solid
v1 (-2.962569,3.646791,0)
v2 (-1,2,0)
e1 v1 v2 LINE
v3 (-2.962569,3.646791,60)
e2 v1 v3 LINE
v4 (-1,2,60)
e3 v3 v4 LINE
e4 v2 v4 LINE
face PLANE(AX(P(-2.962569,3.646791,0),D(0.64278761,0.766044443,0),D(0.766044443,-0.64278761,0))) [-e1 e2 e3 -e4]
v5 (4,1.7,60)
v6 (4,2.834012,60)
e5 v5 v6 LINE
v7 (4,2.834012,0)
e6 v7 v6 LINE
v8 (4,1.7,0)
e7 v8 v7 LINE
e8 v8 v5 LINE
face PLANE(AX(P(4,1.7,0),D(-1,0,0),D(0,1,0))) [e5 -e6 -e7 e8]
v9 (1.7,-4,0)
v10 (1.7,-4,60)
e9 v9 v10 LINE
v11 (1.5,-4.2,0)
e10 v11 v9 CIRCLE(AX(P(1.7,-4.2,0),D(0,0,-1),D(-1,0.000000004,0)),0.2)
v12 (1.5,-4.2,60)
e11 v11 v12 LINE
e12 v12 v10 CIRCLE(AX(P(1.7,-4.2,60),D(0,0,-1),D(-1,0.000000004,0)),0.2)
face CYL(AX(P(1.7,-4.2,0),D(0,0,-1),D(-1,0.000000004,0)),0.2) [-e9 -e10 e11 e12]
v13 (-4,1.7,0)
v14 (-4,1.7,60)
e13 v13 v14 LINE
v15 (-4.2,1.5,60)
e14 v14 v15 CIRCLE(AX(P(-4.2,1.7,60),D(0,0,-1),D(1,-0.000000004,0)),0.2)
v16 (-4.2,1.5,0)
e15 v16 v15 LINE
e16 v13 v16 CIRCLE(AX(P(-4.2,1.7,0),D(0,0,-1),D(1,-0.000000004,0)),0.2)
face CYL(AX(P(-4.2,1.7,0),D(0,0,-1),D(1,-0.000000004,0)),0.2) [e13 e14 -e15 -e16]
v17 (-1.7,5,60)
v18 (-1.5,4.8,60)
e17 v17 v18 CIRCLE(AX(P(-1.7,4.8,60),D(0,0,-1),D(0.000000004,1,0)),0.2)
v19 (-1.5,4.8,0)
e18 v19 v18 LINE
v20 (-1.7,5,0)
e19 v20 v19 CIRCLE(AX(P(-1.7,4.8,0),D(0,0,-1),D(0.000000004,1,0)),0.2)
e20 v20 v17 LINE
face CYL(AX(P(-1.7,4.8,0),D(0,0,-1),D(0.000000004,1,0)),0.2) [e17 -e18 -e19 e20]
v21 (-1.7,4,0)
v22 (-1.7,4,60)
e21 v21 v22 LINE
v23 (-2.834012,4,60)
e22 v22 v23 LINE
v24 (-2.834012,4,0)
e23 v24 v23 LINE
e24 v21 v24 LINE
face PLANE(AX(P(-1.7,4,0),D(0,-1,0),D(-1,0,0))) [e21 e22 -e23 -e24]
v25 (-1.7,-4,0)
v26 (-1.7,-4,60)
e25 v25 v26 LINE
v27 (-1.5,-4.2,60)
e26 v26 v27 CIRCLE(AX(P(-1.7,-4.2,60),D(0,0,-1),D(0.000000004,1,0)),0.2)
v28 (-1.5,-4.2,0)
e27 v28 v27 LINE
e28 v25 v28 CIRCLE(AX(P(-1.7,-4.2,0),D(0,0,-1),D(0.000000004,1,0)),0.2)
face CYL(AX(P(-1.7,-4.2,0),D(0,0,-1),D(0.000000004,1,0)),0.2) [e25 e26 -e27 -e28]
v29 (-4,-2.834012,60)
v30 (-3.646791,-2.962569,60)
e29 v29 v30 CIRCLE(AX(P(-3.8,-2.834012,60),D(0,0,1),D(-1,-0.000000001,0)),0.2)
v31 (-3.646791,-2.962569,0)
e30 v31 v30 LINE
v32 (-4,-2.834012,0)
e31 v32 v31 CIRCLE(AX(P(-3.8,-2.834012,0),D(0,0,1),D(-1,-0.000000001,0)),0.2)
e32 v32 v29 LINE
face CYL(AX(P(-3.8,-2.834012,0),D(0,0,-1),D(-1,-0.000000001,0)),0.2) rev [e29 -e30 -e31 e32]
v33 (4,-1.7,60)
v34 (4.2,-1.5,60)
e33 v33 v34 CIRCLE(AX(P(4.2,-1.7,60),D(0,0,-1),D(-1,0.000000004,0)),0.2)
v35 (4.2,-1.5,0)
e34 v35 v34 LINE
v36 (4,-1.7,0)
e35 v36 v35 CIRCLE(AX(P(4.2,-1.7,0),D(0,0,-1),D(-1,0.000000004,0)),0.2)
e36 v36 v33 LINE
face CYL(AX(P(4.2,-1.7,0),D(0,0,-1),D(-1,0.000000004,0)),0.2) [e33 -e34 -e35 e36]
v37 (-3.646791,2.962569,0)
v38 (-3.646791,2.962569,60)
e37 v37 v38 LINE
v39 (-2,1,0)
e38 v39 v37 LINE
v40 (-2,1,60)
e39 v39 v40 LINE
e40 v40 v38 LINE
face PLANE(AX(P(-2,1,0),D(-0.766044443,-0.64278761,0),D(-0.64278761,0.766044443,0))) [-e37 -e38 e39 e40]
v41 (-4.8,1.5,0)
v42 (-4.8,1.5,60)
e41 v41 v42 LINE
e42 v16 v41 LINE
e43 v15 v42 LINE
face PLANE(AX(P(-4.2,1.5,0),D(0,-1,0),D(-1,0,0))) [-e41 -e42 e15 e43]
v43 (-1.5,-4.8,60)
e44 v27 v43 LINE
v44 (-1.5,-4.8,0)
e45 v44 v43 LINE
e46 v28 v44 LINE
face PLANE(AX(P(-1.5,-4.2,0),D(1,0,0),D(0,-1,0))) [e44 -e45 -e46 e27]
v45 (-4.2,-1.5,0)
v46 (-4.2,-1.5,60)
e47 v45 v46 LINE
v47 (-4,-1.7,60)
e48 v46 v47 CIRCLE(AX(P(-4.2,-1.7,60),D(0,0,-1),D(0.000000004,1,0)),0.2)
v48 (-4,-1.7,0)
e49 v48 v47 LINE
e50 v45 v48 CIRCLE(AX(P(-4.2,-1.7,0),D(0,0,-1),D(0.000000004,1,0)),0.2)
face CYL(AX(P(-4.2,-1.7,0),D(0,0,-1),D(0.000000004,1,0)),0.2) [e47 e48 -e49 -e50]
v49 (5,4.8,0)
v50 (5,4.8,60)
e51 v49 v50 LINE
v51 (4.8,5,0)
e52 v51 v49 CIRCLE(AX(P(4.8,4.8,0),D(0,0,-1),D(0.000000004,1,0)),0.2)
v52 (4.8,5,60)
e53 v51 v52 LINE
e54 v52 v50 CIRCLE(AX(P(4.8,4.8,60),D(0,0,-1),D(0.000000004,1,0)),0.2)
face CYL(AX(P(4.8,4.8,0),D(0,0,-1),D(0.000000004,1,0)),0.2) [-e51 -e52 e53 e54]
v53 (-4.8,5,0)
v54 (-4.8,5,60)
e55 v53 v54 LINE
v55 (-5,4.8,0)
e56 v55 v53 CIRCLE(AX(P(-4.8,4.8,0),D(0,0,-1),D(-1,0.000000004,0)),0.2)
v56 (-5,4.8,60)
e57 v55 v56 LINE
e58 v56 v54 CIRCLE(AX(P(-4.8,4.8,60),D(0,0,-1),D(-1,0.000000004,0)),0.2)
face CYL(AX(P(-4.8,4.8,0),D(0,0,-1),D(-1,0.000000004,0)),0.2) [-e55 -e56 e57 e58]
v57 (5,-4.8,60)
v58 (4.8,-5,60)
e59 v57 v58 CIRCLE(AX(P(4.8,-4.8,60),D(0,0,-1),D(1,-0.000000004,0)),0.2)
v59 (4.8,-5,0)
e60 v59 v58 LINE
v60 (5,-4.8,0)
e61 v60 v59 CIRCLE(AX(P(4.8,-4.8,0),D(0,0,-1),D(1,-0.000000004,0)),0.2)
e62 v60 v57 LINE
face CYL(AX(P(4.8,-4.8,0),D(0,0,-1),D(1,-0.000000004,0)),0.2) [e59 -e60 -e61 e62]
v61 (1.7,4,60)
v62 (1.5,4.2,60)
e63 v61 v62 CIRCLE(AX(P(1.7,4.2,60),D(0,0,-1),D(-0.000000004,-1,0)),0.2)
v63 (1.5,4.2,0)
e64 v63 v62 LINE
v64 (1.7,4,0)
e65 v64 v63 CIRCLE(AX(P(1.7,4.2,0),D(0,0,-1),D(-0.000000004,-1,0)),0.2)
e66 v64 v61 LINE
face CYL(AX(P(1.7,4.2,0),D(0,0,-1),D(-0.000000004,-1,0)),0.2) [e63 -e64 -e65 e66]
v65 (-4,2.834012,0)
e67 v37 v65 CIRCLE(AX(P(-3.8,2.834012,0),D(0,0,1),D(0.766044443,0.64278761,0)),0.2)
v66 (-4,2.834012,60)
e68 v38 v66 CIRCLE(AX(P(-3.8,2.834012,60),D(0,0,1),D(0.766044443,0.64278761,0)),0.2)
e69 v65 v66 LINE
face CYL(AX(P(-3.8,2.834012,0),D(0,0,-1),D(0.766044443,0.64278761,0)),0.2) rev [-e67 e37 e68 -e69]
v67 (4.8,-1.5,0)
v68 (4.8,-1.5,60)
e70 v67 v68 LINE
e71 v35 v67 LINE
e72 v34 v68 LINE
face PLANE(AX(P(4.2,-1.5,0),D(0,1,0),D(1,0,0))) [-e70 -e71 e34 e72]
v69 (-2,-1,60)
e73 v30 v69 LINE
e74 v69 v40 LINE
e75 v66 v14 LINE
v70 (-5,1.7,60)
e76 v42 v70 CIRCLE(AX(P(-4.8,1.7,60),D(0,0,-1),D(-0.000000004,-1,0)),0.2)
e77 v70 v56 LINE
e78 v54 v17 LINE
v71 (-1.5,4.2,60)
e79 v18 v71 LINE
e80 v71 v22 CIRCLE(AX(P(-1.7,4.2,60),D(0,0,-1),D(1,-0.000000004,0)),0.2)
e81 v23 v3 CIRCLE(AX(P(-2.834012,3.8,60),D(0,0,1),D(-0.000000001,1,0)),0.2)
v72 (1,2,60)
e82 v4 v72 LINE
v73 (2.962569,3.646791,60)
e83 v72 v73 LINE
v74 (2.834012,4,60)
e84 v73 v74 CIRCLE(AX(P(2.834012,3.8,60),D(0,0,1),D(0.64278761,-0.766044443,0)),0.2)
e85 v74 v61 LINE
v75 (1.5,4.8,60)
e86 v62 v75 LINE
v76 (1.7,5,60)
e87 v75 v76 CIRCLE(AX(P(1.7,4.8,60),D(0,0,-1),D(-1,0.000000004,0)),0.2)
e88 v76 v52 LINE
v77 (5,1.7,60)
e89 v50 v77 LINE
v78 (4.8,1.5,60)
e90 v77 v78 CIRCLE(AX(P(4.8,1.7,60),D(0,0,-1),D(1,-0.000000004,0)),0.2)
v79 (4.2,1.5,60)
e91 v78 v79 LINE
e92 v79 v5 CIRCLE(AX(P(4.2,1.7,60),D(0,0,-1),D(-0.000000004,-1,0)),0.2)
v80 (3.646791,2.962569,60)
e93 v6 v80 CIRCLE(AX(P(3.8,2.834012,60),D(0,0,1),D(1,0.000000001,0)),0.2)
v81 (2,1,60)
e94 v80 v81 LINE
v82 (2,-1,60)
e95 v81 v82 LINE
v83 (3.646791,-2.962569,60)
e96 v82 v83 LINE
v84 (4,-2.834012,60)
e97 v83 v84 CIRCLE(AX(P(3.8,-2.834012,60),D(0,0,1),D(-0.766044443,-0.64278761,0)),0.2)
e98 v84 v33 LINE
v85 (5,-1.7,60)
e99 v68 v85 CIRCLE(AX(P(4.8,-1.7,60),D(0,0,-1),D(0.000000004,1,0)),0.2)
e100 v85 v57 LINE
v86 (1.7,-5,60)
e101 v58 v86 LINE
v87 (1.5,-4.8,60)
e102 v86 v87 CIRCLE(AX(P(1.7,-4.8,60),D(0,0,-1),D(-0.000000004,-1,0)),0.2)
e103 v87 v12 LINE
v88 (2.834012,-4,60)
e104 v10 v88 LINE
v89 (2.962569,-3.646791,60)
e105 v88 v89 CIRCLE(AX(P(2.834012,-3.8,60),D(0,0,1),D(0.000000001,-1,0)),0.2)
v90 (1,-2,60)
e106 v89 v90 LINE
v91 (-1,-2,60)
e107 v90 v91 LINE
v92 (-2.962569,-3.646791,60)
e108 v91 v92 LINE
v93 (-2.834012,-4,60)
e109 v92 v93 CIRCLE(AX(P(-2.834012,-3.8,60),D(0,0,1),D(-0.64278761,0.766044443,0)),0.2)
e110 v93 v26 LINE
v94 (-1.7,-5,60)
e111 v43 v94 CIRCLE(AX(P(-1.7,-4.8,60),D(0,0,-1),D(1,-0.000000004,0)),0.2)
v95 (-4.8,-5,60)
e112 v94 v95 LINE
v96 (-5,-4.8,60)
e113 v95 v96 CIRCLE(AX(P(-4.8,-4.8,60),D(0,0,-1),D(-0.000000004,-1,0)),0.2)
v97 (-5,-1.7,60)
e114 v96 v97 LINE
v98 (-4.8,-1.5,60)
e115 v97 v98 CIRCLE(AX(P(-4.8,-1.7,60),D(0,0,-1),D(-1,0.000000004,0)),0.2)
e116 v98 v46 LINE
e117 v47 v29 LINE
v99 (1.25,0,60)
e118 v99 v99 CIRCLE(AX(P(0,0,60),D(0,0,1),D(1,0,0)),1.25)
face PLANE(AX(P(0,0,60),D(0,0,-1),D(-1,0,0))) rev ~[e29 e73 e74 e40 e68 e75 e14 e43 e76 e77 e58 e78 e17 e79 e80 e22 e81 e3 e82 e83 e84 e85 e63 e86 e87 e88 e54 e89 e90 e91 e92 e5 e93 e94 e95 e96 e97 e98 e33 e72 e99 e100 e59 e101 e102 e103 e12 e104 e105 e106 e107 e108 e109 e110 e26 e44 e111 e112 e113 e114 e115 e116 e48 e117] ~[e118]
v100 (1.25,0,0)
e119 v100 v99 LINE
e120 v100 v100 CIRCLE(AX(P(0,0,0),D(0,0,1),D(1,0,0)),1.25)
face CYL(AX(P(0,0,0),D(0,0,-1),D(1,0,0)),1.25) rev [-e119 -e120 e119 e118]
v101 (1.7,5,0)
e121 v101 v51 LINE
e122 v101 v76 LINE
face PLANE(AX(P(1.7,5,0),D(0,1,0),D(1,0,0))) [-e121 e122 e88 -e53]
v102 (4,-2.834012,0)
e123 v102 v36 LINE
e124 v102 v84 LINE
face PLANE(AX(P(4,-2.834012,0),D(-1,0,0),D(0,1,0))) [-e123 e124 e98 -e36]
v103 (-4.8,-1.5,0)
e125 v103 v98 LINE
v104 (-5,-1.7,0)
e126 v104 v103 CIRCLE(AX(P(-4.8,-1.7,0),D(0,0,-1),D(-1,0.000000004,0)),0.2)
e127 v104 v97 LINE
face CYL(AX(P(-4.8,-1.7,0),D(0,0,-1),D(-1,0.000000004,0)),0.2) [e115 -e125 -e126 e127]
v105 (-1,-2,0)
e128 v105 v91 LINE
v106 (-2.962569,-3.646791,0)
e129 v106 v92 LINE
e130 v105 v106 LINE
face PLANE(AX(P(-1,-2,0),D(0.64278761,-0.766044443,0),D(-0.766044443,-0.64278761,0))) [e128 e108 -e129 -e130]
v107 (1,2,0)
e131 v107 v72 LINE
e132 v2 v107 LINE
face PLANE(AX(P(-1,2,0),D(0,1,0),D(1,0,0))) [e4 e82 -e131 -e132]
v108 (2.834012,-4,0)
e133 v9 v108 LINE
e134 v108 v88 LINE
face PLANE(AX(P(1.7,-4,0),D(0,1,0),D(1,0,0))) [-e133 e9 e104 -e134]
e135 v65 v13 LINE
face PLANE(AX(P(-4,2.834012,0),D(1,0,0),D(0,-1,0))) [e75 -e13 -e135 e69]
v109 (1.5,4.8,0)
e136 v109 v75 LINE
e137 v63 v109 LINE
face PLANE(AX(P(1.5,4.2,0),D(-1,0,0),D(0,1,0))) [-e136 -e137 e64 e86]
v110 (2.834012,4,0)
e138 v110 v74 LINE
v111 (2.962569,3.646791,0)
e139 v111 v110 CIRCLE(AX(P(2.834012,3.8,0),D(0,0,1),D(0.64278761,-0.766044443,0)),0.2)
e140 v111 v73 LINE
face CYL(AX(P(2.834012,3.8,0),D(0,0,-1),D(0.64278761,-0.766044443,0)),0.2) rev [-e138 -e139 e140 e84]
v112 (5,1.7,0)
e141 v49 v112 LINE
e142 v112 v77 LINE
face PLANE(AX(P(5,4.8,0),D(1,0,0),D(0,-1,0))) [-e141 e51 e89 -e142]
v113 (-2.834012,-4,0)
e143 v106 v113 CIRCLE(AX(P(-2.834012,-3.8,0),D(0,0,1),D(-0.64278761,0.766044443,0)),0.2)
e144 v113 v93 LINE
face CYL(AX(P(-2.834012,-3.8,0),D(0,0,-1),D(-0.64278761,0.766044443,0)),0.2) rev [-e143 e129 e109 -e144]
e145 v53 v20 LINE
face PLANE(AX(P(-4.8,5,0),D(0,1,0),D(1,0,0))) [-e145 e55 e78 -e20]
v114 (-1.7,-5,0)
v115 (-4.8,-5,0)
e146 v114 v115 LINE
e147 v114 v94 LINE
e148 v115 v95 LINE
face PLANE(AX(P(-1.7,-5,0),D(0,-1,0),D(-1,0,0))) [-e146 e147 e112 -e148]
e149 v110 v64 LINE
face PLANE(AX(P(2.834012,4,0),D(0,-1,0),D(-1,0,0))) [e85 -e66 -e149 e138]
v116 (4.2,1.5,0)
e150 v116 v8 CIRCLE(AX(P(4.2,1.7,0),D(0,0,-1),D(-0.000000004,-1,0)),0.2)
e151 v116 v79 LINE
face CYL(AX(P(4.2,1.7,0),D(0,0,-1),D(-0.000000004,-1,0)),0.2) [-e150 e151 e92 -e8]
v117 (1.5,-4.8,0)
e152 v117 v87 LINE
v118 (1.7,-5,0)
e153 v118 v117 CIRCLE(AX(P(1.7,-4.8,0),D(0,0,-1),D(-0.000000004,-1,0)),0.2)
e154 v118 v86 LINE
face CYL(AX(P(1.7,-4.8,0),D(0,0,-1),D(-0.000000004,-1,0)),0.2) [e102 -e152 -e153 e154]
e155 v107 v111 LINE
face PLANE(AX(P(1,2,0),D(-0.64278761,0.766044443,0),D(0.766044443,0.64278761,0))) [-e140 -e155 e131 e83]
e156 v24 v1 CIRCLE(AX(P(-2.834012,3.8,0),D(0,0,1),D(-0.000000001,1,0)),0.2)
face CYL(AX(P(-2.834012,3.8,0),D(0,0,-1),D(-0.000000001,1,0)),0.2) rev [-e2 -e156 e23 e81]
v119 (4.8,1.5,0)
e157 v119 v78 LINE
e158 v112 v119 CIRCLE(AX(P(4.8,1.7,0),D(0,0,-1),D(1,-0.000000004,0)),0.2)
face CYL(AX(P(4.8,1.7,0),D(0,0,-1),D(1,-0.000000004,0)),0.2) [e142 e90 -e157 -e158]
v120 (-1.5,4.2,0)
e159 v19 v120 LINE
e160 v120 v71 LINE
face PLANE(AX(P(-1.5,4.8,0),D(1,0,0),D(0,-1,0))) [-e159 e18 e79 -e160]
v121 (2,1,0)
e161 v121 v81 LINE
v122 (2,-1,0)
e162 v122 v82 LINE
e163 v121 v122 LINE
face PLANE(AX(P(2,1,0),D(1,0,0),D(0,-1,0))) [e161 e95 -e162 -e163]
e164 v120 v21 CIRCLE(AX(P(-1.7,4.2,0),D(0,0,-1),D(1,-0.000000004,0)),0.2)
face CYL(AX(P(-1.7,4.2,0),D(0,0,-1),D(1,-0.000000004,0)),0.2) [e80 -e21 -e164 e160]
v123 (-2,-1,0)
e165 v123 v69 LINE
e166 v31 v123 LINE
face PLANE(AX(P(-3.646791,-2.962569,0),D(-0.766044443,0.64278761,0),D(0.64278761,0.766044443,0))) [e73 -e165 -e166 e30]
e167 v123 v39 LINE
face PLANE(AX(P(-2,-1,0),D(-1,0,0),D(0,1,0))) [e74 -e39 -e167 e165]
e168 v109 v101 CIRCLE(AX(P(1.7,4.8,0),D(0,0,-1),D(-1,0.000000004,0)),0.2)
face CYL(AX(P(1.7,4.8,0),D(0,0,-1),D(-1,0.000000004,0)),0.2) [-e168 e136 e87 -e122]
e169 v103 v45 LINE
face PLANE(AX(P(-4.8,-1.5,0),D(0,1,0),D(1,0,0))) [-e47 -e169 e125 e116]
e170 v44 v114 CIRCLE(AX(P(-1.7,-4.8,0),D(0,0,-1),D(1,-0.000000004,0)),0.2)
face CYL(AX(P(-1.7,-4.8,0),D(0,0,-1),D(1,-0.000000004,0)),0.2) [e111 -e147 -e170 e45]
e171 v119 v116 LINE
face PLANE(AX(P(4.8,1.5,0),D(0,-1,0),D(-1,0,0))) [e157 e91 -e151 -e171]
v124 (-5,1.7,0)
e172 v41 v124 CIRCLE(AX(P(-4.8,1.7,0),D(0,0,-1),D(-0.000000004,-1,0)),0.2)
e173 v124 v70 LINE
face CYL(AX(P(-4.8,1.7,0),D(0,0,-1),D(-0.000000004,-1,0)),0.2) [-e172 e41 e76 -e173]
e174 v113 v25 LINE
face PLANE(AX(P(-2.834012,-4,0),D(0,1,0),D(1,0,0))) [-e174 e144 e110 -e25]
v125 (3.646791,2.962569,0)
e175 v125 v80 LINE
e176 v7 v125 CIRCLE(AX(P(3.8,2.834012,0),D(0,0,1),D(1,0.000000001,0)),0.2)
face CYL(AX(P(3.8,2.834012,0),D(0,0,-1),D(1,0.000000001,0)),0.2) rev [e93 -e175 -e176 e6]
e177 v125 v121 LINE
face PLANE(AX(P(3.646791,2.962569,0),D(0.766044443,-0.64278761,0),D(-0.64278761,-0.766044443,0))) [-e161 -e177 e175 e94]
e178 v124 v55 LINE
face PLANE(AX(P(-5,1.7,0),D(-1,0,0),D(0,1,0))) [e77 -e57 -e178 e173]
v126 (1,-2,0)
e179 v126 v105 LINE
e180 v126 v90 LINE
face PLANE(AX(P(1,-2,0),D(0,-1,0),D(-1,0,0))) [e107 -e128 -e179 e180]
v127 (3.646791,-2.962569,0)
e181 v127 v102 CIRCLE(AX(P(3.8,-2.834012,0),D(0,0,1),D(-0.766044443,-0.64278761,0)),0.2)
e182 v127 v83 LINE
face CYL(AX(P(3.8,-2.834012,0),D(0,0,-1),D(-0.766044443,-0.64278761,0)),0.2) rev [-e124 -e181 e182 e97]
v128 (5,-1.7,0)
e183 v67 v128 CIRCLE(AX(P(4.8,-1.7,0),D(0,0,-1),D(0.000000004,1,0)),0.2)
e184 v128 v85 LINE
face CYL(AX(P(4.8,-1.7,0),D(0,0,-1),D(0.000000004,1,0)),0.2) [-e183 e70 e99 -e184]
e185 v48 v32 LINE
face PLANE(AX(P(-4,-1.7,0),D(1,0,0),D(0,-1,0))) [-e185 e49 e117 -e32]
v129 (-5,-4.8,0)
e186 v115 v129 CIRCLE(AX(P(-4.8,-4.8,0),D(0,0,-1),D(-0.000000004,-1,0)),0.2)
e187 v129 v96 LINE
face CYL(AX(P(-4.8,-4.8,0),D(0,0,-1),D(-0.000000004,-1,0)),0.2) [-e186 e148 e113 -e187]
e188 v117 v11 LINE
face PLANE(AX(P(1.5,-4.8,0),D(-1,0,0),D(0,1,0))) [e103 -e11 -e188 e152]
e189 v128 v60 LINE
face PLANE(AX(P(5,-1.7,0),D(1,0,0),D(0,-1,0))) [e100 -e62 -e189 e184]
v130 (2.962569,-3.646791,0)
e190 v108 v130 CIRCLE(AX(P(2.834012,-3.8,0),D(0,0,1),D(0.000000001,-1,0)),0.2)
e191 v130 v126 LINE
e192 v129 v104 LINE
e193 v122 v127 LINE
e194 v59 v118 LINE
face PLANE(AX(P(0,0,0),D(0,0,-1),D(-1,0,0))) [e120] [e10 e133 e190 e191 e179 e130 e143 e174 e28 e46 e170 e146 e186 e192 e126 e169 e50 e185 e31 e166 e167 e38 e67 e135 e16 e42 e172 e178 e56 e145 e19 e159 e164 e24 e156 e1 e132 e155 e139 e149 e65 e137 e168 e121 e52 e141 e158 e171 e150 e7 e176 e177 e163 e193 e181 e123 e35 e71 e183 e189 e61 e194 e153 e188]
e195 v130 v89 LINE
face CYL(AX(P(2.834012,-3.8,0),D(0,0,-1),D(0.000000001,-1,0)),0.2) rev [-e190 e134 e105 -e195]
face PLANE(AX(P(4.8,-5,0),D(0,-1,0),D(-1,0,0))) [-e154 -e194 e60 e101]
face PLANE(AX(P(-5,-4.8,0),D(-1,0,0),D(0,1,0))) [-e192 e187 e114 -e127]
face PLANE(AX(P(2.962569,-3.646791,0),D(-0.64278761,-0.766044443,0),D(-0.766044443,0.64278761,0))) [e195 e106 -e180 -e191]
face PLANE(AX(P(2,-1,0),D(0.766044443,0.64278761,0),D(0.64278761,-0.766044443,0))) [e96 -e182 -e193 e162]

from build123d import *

# Parameters (mm, degrees)
SKETCH1_R           = 1.25
BOSS_EXTRUDE1_DEPTH = 60


with BuildPart() as part:
    # Sketch1 → Boss-Extrude1 (new body)
    with BuildSketch(Plane.XY):
        with BuildLine():
            Line((-4.8, 5), (-1.7, 5))
            ThreePointArc((-1.7, 5), (-1.558578644, 4.941421356), (-1.5, 4.8))
            Line((-1.5, 4.8), (-1.5, 4.2))
            ThreePointArc((-1.5, 4.2), (-1.558578644, 4.058578644), (-1.7, 4))
            Line((-1.7, 4), (-2.834011701, 4))
            ThreePointArc((-2.834011701, 4), (-3.021950225, 3.868404029), (-2.962569223, 3.646791111))
            Line((-2.962569223, 3.646791111), (-1, 2))
            Line((-1, 2), (1, 2))
            Line((1, 2), (2.962569223, 3.646791111))
            ThreePointArc((2.962569223, 3.646791111), (3.021950225, 3.868404029), (2.834011701, 4))
            Line((2.834011701, 4), (1.7, 4))
            ThreePointArc((1.7, 4), (1.558578644, 4.058578644), (1.5, 4.2))
            Line((1.5, 4.2), (1.5, 4.8))
            ThreePointArc((1.5, 4.8), (1.558578644, 4.941421356), (1.7, 5))
            Line((1.7, 5), (4.8, 5))
            ThreePointArc((4.8, 5), (4.941421356, 4.941421356), (5, 4.8))
            Line((5, 4.8), (5, 1.7))
            ThreePointArc((5, 1.7), (4.941421356, 1.558578644), (4.8, 1.5))
            Line((4.8, 1.5), (4.2, 1.5))
            ThreePointArc((4.2, 1.5), (4.058578644, 1.558578644), (4, 1.7))
            Line((4, 1.7), (4, 2.834011701))
            ThreePointArc((4, 2.834011701), (3.868404029, 3.021950225), (3.646791111, 2.962569223))
            Line((3.646791111, 2.962569223), (2, 1))
            Line((2, 1), (2, -1))
            Line((2, -1), (3.646791111, -2.962569223))
            ThreePointArc((3.646791111, -2.962569223), (3.868404029, -3.021950225), (4, -2.834011701))
            Line((4, -2.834011701), (4, -1.7))
            ThreePointArc((4, -1.7), (4.058578644, -1.558578644), (4.2, -1.5))
            Line((4.2, -1.5), (4.8, -1.5))
            ThreePointArc((4.8, -1.5), (4.941421356, -1.558578644), (5, -1.7))
            Line((5, -1.7), (5, -4.8))
            ThreePointArc((5, -4.8), (4.941421356, -4.941421356), (4.8, -5))
            Line((4.8, -5), (1.7, -5))
            ThreePointArc((1.7, -5), (1.558578644, -4.941421356), (1.5, -4.8))
            Line((1.5, -4.8), (1.5, -4.2))
            ThreePointArc((1.5, -4.2), (1.558578644, -4.058578644), (1.7, -4))
            Line((1.7, -4), (2.834011701, -4))
            ThreePointArc((2.834011701, -4), (3.021950225, -3.868404029), (2.962569223, -3.646791111))
            Line((2.962569223, -3.646791111), (1, -2))
            Line((1, -2), (-1, -2))
            Line((-1, -2), (-2.962569223, -3.646791111))
            ThreePointArc((-2.962569223, -3.646791111), (-3.021950225, -3.868404029), (-2.834011701, -4))
            Line((-2.834011701, -4), (-1.7, -4))
            ThreePointArc((-1.7, -4), (-1.558578644, -4.058578644), (-1.5, -4.2))
            Line((-1.5, -4.2), (-1.5, -4.8))
            ThreePointArc((-1.5, -4.8), (-1.558578644, -4.941421356), (-1.7, -5))
            Line((-1.7, -5), (-4.8, -5))
            ThreePointArc((-4.8, -5), (-4.941421356, -4.941421356), (-5, -4.8))
            Line((-5, -4.8), (-5, -1.7))
            ThreePointArc((-5, -1.7), (-4.941421356, -1.558578644), (-4.8, -1.5))
            Line((-4.8, -1.5), (-4.2, -1.5))
            ThreePointArc((-4.2, -1.5), (-4.058578644, -1.558578644), (-4, -1.7))
            Line((-4, -1.7), (-4, -2.834011701))
            ThreePointArc((-4, -2.834011701), (-3.868404029, -3.021950225), (-3.646791111, -2.962569223))
            Line((-3.646791111, -2.962569223), (-2, -1))
            Line((-2, -1), (-2, 1))
            Line((-2, 1), (-3.646791111, 2.962569223))
            ThreePointArc((-3.646791111, 2.962569223), (-3.868404029, 3.021950225), (-4, 2.834011701))
            Line((-4, 2.834011701), (-4, 1.7))
            ThreePointArc((-4, 1.7), (-4.058578644, 1.558578644), (-4.2, 1.5))
            Line((-4.2, 1.5), (-4.8, 1.5))
            ThreePointArc((-4.8, 1.5), (-4.941421356, 1.558578644), (-5, 1.7))
            Line((-5, 1.7), (-5, 4.8))
            ThreePointArc((-5, 4.8), (-4.941421356, 4.941421356), (-4.8, 5))
        make_face()
        Circle(SKETCH1_R, mode=Mode.SUBTRACT)
    extrude(amount=BOSS_EXTRUDE1_DEPTH)


solid = part.part
